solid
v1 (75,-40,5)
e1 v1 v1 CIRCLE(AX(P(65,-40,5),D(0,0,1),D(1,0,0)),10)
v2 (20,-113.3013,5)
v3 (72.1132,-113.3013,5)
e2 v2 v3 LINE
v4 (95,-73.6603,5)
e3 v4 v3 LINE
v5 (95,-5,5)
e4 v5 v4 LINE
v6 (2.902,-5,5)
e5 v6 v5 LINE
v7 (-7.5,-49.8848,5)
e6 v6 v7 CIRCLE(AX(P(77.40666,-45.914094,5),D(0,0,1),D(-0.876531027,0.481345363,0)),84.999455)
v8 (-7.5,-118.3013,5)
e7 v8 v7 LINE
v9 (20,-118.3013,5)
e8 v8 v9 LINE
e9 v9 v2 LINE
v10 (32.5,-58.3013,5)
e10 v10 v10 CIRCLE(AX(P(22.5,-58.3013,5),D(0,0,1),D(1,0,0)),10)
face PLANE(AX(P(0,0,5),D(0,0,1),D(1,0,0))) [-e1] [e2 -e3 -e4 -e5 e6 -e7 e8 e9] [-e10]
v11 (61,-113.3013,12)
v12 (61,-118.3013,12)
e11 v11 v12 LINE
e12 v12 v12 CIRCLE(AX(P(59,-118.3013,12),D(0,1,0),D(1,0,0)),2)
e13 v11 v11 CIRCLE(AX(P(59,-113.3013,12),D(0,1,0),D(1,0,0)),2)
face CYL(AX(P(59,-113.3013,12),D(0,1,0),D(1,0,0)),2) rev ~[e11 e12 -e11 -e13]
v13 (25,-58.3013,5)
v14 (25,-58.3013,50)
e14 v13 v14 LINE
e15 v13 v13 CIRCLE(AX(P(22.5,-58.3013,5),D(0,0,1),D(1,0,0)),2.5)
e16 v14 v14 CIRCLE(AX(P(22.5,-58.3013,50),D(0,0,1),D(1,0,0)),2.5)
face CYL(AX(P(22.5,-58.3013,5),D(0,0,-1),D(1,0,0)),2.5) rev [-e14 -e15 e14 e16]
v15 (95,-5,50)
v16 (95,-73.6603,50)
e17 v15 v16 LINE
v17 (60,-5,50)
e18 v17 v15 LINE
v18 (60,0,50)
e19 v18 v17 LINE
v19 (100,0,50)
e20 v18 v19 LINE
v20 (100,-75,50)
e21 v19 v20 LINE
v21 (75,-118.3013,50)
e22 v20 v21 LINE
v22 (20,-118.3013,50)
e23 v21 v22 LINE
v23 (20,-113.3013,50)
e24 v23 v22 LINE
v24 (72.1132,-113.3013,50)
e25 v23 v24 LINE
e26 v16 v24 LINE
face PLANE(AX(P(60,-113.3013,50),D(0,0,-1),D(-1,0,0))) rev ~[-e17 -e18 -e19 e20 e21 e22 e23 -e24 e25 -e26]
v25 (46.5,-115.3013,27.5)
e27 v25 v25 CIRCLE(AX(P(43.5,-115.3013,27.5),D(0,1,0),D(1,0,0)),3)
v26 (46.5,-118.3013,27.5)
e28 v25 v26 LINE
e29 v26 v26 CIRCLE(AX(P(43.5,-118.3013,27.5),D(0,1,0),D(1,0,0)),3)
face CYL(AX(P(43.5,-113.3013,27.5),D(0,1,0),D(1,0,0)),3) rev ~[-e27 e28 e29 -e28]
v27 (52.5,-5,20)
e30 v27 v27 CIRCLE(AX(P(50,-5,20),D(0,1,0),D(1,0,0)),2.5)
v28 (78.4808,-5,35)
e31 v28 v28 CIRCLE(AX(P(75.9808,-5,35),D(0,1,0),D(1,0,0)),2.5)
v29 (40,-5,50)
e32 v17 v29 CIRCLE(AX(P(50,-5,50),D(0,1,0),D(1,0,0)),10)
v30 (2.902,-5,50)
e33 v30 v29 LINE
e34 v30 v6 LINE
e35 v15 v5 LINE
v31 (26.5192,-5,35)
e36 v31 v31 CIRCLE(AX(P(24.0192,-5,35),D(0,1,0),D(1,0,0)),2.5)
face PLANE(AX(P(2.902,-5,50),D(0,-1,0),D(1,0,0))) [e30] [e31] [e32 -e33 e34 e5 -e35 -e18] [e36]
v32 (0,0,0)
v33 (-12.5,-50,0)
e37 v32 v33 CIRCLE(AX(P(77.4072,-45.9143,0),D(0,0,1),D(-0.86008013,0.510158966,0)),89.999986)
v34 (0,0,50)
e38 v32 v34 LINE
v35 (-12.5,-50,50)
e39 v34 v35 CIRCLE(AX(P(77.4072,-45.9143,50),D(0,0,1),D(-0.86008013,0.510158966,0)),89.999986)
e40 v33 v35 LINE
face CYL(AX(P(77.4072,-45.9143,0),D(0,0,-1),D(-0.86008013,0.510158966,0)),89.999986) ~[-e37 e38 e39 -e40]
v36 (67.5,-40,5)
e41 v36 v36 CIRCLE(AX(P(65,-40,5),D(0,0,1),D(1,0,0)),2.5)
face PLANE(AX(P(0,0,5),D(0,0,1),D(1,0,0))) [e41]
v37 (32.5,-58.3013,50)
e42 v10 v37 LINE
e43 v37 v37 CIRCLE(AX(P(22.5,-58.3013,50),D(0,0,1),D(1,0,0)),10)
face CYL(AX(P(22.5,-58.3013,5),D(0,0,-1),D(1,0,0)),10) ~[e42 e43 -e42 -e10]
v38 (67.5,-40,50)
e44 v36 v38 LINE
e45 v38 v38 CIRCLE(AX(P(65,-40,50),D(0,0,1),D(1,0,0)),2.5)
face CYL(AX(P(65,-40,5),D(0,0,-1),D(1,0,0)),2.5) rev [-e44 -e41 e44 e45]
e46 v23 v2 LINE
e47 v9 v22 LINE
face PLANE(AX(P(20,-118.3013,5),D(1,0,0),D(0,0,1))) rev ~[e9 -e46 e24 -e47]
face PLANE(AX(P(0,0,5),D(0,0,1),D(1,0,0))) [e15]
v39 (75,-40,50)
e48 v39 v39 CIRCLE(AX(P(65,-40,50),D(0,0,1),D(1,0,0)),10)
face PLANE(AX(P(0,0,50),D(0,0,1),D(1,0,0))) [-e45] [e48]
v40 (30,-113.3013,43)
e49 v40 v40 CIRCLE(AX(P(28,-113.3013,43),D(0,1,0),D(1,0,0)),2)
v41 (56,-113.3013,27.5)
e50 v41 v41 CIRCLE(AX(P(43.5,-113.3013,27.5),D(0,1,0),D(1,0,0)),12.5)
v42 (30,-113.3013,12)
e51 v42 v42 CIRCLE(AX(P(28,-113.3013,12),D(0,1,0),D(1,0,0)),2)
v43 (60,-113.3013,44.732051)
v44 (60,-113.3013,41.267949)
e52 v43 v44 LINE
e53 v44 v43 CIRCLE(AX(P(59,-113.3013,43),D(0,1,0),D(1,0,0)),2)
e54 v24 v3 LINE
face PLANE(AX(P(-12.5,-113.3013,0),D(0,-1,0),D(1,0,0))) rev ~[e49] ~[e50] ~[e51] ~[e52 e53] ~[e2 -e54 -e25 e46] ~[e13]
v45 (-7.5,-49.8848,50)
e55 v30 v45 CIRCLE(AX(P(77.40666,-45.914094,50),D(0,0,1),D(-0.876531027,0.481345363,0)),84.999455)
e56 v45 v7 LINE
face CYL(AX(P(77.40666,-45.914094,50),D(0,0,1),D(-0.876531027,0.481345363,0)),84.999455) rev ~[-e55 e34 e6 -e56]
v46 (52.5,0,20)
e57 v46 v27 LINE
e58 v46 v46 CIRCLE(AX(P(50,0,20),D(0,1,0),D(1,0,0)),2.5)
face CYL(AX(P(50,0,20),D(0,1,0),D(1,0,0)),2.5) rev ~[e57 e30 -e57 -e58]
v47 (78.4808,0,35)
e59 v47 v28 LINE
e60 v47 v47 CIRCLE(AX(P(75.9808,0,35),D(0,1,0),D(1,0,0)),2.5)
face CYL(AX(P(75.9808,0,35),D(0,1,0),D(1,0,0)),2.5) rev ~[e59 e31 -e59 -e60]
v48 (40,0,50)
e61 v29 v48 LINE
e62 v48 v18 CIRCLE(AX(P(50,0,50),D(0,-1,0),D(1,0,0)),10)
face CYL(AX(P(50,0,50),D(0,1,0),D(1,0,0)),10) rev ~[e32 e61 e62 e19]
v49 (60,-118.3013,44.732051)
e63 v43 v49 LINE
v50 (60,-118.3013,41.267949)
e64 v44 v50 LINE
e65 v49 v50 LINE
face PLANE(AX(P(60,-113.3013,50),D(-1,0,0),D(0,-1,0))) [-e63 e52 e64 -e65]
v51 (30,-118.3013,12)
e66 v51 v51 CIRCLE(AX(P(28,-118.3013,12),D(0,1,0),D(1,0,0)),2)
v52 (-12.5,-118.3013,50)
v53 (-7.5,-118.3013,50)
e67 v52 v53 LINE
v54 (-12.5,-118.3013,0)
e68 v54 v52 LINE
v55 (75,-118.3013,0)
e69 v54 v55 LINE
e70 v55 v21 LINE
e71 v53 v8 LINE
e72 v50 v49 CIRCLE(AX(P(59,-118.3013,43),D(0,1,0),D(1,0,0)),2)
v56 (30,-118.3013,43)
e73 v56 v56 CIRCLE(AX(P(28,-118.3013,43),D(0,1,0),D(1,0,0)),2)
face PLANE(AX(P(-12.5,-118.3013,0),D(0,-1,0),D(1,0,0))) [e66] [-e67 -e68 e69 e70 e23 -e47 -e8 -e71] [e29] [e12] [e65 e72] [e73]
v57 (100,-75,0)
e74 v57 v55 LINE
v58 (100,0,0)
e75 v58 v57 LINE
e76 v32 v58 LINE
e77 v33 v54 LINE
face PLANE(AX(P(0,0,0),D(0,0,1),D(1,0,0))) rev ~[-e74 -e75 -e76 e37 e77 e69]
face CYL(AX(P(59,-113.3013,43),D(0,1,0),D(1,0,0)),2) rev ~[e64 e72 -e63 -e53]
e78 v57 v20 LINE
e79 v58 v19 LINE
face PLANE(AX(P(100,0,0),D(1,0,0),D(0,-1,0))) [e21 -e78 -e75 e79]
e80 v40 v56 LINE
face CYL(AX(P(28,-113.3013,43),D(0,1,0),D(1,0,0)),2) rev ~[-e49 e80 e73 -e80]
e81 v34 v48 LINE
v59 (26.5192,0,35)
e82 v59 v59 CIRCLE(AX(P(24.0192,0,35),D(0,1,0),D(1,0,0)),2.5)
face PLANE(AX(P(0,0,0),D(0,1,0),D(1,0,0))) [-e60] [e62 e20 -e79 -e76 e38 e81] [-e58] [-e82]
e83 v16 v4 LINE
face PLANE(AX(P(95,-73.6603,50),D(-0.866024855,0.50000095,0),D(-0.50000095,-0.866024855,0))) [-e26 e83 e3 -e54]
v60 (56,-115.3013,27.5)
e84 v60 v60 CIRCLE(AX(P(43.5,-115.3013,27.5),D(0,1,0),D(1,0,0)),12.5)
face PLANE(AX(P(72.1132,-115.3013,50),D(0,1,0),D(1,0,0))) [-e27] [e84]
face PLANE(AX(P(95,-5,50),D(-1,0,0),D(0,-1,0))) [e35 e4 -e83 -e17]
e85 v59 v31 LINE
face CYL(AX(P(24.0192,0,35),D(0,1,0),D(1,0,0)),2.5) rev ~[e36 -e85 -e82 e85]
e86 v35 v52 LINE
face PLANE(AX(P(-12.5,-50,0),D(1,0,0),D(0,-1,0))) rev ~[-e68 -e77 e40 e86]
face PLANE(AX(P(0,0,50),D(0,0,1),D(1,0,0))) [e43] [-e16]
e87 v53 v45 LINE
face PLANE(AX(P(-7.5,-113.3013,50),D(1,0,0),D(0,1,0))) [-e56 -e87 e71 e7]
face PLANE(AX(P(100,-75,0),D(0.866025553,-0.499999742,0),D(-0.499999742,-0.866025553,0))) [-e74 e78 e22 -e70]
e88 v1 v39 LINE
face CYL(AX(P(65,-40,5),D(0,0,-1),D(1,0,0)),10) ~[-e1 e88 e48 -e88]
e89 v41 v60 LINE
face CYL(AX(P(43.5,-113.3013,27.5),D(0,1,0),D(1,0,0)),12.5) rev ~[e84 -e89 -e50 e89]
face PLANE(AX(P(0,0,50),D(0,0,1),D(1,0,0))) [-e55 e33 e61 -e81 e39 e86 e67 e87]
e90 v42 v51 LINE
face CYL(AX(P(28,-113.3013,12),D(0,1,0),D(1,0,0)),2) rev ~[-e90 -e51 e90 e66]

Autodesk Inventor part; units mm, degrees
ref_plane "YZ Plane" through (0, 0, 0) normal (1, 0, 0) x (0, 1, 0)
ref_plane "XZ Plane" through (0, 0, 0) normal (0, 1, 0) x (-1, 0, 0)
ref_plane "XY Plane" through (0, 0, 0) normal (0, 0, 1) x (1, 0, 0)
sketch "Sketch1" plane through (0, 0, 0) normal (0, 0, 1) x (1, 0, 0)
  line L0 (0, 0) -> (100, 0)
  line L1 (100, 0) -> (100, -75)
  line L2 (100, -75) -> (75, -118.3013)
  line L3 (-12.5, -50) -> (-12.5, -118.3013)
  arc A0 (0, 0) -> (-12.5, -50) centre (77.4072, -45.9143) ccw
  line L4 (-12.5, -118.3013) -> (75, -118.3013)
  dimension "d0" = 100
  dimension "d1" = 75
  dimension "d2" = 50
  dimension "d3" = 150
  dimension "d4" = 12.5
  dimension "d5" = 50
  dimension "d6" = 90
extrude "Extrusion1" add sketch "Sketch1" along normal blind 50
sketch "Sketch2" plane through (0, 0, 50) normal (0, 0, 1) x (1, 0, 0)
  line L0 (100, 0) -> (0, 0) projected
  arc A0 (0, 0) -> (-12.5, -50) centre (77.4072, -45.9143) ccw projected
  line L1 (-12.5, -50) -> (-12.5, -118.3013) projected
  line L2 (-12.5, -118.3013) -> (75, -118.3013) projected
  line L3 (75, -118.3013) -> (100, -75) projected
  line L4 (100, -75) -> (100, 0) projected
  arc A1 (2.902, -5) -> (-7.5, -49.8848) centre (77.4072, -45.9143) ccw
  line L5 (2.902, -5) -> (95, -5)
  line L6 (95, -5) -> (95, -73.6603)
  line L7 (95, -73.6603) -> (72.1132, -113.3013)
  line L8 (72.1132, -113.3013) -> (-7.5, -113.3013)
  line L9 (-7.5, -113.3013) -> (-7.5, -49.8848)
  dimension "d9" = 5
extrude "Extrusion2" cut sketch "Sketch2" against normal blind 45 contours L5 L6 L7 L8 L9 A1
sketch "Sketch3" plane through (0, 0, 50) normal (0, 0, 1) x (1, 0, 0)
  line L0 (72.1132, -113.3013) -> (-7.5, -113.3013) projected
  line L1 (-12.5, -118.3013) -> (75, -118.3013) projected
  line L2 (-7.5, -113.3013) -> (60, -113.3013)
  line L3 (60, -113.3013) -> (60, -118.3013)
  line L4 (60, -118.3013) -> (-7.5, -118.3013)
  line L5 (-7.5, -118.3013) -> (-7.5, -113.3013)
  point P0 (0, 0)
  dimension "d13" = 15
extrude "Extrusion3" cut sketch "Sketch3" against normal blind 45
sketch "Sketch4" plane through (0, 0, 0) normal (0, 1, 0) x (1, 0, 0)
  circle A0 centre (50, -50) radius 10
  line L0 (100, -50) -> (0, -50) projected
  point P0 (0, 0)
  dimension "d16" = 20
extrude "Extrusion4" cut sketch "Sketch4" against normal through all
sketch "Sketch5" plane through (0, 0, 0) normal (0, 1, 0) x (1, 0, 0)
  arc A0 (60, -50) -> (40, -50) centre (50, -50) ccw projected
  circle A1 centre (50, -50) radius 30 construction
  circle A2 centre (50, -20) radius 2.5
  circle A3 centre (24.0192, -35) radius 2.5
  circle A4 centre (24.0192, -65) radius 2.5
  circle A5 centre (50, -80) radius 2.5
  circle A6 centre (75.9808, -65) radius 2.5
  circle A7 centre (75.9808, -35) radius 2.5
  point P0 (0, 0)
  dimension "d20" = 60
  dimension "d21" = 5
  dimension "d24" = 360
extrude "Extrusion5" cut sketch "Sketch5" against normal blind 5 contours A2 | A3 | A7
sketch "Sketch17" plane through (-12.5, -118.3013, 0) normal (0, -1, 0) x (1, 0, 0)
  line L0 (72.5, 5) -> (32.5, 5)
  line L1 (32.5, 5) -> (32.5, 15)
  line L2 (32.5, 15) -> (72.5, 15)
  line L3 (72.5, 15) -> (72.5, 5)
  point P0 (12.5, 0)
  dimension "d68" = 40
  dimension "d69" = 10
extrude "Extrusion16" add sketch "Sketch17" against normal blind 5
sketch "Sketch18" plane through (0, 0, 5) normal (0, 0, 1) x (1, 0, 0)
  circle A0 centre (65, -40) radius 10
  circle A1 centre (65, -40) radius 2.5
  line L0 (100, 0) -> (0, 0) projected
  line L1 (100, -75) -> (100, 0) projected
  circle A2 centre (22.5, -58.3013) radius 10
  circle A3 centre (22.5, -58.3013) radius 2.5
  line L2 (-12.5, -50) -> (-12.5, -118.3013) projected
  line L3 (20, -118.3013) -> (60, -118.3013) projected
  point P0 (57.5, 0)
  dimension "d72" = 20
  dimension "d73" = 5
  dimension "d74" = 40
  dimension "d75" = 35
  dimension "d76" = 20
  dimension "d77" = 5
  dimension "d78" = 35
  dimension "d79" = 60
extrude "Extrusion17" add sketch "Sketch18" along normal blind 45
sketch "Sketch19" plane through (72.1132, -113.3013, 50) normal (0, 1, 0) x (1, 0, 0)
  line L0 (-52.1132, 45) -> (-5.1132, 45)
  line L1 (-5.1132, 45) -> (-5.1132, 0)
  line L2 (-5.1132, 0) -> (-52.1132, 0)
  line L3 (-52.1132, 0) -> (-52.1132, 45)
  line L4 (-13.1132, 38) -> (-44.1132, 38) construction
  line L5 (-44.1132, 38) -> (-44.1132, 7) construction
  line L6 (-44.1132, 7) -> (-13.1132, 7) construction
  line L7 (-13.1132, 7) -> (-13.1132, 38) construction
  circle A0 centre (-13.1132, 38) radius 2
  circle A1 centre (-13.1132, 7) radius 2
  circle A2 centre (-44.1132, 7) radius 2
  circle A3 centre (-44.1132, 38) radius 2
  circle A4 centre (-28.6132, 22.5) radius 3
  line L8 (-12.1132, 0) -> (-12.1132, 35) projected
  point P0 (-72.1132, 50)
  point P1 (-28.6132, 7)
  point P2 (-28.6132, 0)
  point P3 (-5.1132, 22.5)
  point P4 (-13.1132, 22.5)
  dimension "d82" = 31
  dimension "d83" = 31
  dimension "d84" = 4
  dimension "d85" = 4
  dimension "d86" = 4
  dimension "d87" = 4
  dimension "d88" = 6
  dimension "d96" = 7
extrude "Extrusion18" add sketch "Sketch19" against normal blind 5
extrude "Extrusion19" cut sketch "Sketch19" against normal blind 5 contours A0 | A3
sketch "Sketch20" plane through (72.1132, -113.3013, 50) normal (0, 1, 0) x (1, 0, 0)
  circle A0 centre (-28.6132, 22.5) radius 3 projected
  circle A1 centre (-28.6132, 22.5) radius 12.5
  point P0 (-72.1132, 50)
  dimension "d93" = 25
extrude "Extrusion20" cut sketch "Sketch20" against normal blind 2
properties part number "FA001" material "ABS Plastic"
